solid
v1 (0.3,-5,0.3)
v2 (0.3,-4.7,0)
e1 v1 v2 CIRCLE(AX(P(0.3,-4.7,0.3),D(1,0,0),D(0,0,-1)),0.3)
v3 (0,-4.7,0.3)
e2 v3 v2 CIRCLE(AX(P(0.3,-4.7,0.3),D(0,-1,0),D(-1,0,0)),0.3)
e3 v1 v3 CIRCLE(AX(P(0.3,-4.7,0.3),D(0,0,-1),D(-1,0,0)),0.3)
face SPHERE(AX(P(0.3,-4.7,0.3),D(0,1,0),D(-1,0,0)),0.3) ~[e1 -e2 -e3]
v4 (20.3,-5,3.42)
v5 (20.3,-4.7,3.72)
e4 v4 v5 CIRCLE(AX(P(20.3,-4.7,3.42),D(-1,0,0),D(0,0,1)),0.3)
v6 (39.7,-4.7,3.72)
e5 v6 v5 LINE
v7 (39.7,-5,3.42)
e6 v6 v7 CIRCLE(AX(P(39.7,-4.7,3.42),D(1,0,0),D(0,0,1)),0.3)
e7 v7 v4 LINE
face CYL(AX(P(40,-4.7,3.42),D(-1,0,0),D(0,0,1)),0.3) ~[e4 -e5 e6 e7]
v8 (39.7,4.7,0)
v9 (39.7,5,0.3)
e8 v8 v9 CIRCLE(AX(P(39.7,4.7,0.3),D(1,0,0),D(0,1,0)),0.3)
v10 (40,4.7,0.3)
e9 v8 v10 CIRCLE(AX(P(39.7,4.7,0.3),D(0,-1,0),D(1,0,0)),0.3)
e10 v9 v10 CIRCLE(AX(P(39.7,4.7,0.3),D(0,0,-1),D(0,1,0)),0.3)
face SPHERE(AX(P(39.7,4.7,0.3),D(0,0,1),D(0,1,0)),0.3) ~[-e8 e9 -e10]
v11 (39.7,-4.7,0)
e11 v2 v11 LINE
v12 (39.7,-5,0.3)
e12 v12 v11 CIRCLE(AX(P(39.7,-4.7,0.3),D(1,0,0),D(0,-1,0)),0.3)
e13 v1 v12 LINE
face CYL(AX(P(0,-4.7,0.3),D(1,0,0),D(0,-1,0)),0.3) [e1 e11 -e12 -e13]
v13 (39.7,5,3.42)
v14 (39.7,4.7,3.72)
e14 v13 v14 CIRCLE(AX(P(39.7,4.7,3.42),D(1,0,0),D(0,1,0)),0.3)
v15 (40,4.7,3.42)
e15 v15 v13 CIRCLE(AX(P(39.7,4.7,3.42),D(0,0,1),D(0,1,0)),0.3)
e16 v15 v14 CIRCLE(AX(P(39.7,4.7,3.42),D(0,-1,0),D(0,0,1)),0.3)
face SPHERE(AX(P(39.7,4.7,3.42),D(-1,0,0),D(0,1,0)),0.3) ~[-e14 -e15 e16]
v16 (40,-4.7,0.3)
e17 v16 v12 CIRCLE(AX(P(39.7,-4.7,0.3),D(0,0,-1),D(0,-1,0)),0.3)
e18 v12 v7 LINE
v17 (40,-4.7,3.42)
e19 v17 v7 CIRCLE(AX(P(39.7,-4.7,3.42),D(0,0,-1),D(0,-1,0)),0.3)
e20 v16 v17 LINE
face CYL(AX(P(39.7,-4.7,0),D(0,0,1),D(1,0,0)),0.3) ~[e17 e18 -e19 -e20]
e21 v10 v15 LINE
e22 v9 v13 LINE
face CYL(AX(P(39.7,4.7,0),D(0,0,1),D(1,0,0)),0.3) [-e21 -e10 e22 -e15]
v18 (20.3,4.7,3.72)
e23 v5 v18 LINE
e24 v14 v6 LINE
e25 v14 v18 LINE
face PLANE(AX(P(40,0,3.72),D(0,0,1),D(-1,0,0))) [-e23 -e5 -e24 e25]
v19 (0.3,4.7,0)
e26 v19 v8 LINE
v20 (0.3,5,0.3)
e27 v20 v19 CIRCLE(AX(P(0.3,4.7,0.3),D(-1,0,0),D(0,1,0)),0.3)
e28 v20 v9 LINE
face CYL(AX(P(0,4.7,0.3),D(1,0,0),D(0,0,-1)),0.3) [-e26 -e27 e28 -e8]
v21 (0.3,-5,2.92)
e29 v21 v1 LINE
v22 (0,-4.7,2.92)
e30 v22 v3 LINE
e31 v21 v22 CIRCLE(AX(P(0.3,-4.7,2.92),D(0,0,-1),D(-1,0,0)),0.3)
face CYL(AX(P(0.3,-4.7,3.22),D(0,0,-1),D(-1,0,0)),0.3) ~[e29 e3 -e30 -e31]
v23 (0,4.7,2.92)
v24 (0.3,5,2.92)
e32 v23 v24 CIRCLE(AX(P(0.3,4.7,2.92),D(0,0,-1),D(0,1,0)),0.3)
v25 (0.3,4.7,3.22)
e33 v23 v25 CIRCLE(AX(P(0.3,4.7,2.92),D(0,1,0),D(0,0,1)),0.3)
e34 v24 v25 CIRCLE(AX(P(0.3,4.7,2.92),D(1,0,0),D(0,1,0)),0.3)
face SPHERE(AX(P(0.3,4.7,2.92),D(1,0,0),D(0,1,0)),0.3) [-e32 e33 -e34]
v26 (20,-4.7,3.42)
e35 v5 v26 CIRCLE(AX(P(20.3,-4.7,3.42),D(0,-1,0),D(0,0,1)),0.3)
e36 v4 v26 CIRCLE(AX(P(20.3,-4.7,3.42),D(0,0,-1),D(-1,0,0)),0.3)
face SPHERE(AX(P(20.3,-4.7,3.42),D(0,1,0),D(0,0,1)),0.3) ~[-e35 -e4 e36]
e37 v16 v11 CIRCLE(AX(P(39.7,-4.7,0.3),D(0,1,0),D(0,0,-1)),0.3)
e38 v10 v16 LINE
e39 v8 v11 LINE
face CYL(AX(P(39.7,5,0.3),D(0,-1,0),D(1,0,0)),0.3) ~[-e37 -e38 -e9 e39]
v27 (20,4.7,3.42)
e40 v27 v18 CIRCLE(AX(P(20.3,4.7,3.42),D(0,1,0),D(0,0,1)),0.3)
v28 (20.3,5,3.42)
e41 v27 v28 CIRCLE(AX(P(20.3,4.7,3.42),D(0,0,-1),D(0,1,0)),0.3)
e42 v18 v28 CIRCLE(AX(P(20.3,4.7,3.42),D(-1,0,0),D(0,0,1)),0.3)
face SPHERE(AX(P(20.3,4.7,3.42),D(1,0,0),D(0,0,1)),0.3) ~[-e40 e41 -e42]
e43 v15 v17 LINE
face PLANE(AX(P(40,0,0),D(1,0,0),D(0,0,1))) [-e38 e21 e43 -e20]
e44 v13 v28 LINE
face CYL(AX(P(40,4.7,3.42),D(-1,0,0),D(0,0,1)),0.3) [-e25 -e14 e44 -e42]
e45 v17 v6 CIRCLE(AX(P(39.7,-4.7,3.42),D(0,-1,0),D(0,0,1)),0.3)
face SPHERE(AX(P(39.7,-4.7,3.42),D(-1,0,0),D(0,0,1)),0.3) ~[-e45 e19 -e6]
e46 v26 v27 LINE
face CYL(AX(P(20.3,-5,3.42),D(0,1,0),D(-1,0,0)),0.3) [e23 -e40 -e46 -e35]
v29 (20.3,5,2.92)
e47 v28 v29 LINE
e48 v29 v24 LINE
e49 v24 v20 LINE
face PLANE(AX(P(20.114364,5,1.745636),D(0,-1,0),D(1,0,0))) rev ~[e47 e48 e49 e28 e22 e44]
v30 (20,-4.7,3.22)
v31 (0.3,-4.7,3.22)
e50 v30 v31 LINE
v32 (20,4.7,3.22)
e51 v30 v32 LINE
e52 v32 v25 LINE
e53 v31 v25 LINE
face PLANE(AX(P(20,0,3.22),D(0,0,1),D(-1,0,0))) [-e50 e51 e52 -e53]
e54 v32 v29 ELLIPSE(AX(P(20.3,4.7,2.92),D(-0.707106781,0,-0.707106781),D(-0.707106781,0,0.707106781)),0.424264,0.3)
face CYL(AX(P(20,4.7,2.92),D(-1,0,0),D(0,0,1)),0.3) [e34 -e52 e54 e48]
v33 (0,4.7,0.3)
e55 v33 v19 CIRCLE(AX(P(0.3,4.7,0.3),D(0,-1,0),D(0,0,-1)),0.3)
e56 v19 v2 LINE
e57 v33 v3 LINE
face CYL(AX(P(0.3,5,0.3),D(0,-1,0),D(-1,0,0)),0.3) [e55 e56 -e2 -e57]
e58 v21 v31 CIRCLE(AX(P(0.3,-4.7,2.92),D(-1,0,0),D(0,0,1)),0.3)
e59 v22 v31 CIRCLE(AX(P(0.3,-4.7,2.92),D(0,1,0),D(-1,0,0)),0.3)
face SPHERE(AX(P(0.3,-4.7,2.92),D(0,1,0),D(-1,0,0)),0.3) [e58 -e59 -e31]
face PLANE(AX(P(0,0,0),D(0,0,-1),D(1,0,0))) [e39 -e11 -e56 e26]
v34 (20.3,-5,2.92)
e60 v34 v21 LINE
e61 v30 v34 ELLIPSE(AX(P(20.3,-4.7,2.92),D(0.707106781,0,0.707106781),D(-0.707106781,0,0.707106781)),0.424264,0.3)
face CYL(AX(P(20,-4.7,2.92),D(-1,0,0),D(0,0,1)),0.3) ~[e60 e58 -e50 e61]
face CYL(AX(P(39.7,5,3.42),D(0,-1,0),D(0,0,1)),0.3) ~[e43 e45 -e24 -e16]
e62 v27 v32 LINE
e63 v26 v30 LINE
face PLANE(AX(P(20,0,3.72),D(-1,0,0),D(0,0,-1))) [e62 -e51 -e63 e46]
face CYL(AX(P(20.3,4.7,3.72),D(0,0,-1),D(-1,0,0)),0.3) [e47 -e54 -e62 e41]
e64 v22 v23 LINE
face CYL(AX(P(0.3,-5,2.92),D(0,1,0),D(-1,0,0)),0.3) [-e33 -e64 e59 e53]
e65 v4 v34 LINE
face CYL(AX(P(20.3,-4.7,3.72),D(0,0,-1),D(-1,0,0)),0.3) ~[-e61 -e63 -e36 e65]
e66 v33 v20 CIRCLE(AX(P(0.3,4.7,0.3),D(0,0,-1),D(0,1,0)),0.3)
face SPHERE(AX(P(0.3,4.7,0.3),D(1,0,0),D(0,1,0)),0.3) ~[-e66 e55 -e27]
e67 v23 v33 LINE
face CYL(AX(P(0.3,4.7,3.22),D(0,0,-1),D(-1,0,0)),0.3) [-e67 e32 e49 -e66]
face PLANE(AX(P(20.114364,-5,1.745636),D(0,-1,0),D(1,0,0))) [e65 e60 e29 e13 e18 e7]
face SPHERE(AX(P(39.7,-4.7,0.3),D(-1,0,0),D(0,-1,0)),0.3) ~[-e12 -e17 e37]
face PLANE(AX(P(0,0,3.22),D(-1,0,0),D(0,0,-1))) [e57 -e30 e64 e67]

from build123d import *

# Parameters (mm, degrees)
F1_DEPTH = 5
F2_R     = 0.3


with BuildPart() as f1:
    # F0 (on Front) → F1 (new body, symmetric)
    with BuildSketch(Plane.XZ):
        Polygon((0, 3.22), (0, 0), (40, 0), (40, 3.72), (20, 3.72), (20, 3.22), align=None)
    extrude(amount=F1_DEPTH, both=True)

    # F2
    f2_edges = [f1.edges().sort_by_distance(p)[0] for p in [
        (30, 5, 3.72),
        (40, 5, 1.86),
        (20, 5, 0),
        (20, 0, 3.72),
        (10, 5, 3.22),
        (20, 5, 3.47),
        (0, 5, 1.61),
        (0, 0, 3.22),
        (0, 0, 0),
        (0, -5, 1.61),
        (10, -5, 3.22),
        (30, -5, 3.72),
        (40, 0, 3.72),
        (20, -5, 0),
        (40, -5, 1.86),
        (40, 0, 0),
        (20, -5, 3.47),
    ]]
    fillet(f2_edges, radius=F2_R)


solid = f1.part
